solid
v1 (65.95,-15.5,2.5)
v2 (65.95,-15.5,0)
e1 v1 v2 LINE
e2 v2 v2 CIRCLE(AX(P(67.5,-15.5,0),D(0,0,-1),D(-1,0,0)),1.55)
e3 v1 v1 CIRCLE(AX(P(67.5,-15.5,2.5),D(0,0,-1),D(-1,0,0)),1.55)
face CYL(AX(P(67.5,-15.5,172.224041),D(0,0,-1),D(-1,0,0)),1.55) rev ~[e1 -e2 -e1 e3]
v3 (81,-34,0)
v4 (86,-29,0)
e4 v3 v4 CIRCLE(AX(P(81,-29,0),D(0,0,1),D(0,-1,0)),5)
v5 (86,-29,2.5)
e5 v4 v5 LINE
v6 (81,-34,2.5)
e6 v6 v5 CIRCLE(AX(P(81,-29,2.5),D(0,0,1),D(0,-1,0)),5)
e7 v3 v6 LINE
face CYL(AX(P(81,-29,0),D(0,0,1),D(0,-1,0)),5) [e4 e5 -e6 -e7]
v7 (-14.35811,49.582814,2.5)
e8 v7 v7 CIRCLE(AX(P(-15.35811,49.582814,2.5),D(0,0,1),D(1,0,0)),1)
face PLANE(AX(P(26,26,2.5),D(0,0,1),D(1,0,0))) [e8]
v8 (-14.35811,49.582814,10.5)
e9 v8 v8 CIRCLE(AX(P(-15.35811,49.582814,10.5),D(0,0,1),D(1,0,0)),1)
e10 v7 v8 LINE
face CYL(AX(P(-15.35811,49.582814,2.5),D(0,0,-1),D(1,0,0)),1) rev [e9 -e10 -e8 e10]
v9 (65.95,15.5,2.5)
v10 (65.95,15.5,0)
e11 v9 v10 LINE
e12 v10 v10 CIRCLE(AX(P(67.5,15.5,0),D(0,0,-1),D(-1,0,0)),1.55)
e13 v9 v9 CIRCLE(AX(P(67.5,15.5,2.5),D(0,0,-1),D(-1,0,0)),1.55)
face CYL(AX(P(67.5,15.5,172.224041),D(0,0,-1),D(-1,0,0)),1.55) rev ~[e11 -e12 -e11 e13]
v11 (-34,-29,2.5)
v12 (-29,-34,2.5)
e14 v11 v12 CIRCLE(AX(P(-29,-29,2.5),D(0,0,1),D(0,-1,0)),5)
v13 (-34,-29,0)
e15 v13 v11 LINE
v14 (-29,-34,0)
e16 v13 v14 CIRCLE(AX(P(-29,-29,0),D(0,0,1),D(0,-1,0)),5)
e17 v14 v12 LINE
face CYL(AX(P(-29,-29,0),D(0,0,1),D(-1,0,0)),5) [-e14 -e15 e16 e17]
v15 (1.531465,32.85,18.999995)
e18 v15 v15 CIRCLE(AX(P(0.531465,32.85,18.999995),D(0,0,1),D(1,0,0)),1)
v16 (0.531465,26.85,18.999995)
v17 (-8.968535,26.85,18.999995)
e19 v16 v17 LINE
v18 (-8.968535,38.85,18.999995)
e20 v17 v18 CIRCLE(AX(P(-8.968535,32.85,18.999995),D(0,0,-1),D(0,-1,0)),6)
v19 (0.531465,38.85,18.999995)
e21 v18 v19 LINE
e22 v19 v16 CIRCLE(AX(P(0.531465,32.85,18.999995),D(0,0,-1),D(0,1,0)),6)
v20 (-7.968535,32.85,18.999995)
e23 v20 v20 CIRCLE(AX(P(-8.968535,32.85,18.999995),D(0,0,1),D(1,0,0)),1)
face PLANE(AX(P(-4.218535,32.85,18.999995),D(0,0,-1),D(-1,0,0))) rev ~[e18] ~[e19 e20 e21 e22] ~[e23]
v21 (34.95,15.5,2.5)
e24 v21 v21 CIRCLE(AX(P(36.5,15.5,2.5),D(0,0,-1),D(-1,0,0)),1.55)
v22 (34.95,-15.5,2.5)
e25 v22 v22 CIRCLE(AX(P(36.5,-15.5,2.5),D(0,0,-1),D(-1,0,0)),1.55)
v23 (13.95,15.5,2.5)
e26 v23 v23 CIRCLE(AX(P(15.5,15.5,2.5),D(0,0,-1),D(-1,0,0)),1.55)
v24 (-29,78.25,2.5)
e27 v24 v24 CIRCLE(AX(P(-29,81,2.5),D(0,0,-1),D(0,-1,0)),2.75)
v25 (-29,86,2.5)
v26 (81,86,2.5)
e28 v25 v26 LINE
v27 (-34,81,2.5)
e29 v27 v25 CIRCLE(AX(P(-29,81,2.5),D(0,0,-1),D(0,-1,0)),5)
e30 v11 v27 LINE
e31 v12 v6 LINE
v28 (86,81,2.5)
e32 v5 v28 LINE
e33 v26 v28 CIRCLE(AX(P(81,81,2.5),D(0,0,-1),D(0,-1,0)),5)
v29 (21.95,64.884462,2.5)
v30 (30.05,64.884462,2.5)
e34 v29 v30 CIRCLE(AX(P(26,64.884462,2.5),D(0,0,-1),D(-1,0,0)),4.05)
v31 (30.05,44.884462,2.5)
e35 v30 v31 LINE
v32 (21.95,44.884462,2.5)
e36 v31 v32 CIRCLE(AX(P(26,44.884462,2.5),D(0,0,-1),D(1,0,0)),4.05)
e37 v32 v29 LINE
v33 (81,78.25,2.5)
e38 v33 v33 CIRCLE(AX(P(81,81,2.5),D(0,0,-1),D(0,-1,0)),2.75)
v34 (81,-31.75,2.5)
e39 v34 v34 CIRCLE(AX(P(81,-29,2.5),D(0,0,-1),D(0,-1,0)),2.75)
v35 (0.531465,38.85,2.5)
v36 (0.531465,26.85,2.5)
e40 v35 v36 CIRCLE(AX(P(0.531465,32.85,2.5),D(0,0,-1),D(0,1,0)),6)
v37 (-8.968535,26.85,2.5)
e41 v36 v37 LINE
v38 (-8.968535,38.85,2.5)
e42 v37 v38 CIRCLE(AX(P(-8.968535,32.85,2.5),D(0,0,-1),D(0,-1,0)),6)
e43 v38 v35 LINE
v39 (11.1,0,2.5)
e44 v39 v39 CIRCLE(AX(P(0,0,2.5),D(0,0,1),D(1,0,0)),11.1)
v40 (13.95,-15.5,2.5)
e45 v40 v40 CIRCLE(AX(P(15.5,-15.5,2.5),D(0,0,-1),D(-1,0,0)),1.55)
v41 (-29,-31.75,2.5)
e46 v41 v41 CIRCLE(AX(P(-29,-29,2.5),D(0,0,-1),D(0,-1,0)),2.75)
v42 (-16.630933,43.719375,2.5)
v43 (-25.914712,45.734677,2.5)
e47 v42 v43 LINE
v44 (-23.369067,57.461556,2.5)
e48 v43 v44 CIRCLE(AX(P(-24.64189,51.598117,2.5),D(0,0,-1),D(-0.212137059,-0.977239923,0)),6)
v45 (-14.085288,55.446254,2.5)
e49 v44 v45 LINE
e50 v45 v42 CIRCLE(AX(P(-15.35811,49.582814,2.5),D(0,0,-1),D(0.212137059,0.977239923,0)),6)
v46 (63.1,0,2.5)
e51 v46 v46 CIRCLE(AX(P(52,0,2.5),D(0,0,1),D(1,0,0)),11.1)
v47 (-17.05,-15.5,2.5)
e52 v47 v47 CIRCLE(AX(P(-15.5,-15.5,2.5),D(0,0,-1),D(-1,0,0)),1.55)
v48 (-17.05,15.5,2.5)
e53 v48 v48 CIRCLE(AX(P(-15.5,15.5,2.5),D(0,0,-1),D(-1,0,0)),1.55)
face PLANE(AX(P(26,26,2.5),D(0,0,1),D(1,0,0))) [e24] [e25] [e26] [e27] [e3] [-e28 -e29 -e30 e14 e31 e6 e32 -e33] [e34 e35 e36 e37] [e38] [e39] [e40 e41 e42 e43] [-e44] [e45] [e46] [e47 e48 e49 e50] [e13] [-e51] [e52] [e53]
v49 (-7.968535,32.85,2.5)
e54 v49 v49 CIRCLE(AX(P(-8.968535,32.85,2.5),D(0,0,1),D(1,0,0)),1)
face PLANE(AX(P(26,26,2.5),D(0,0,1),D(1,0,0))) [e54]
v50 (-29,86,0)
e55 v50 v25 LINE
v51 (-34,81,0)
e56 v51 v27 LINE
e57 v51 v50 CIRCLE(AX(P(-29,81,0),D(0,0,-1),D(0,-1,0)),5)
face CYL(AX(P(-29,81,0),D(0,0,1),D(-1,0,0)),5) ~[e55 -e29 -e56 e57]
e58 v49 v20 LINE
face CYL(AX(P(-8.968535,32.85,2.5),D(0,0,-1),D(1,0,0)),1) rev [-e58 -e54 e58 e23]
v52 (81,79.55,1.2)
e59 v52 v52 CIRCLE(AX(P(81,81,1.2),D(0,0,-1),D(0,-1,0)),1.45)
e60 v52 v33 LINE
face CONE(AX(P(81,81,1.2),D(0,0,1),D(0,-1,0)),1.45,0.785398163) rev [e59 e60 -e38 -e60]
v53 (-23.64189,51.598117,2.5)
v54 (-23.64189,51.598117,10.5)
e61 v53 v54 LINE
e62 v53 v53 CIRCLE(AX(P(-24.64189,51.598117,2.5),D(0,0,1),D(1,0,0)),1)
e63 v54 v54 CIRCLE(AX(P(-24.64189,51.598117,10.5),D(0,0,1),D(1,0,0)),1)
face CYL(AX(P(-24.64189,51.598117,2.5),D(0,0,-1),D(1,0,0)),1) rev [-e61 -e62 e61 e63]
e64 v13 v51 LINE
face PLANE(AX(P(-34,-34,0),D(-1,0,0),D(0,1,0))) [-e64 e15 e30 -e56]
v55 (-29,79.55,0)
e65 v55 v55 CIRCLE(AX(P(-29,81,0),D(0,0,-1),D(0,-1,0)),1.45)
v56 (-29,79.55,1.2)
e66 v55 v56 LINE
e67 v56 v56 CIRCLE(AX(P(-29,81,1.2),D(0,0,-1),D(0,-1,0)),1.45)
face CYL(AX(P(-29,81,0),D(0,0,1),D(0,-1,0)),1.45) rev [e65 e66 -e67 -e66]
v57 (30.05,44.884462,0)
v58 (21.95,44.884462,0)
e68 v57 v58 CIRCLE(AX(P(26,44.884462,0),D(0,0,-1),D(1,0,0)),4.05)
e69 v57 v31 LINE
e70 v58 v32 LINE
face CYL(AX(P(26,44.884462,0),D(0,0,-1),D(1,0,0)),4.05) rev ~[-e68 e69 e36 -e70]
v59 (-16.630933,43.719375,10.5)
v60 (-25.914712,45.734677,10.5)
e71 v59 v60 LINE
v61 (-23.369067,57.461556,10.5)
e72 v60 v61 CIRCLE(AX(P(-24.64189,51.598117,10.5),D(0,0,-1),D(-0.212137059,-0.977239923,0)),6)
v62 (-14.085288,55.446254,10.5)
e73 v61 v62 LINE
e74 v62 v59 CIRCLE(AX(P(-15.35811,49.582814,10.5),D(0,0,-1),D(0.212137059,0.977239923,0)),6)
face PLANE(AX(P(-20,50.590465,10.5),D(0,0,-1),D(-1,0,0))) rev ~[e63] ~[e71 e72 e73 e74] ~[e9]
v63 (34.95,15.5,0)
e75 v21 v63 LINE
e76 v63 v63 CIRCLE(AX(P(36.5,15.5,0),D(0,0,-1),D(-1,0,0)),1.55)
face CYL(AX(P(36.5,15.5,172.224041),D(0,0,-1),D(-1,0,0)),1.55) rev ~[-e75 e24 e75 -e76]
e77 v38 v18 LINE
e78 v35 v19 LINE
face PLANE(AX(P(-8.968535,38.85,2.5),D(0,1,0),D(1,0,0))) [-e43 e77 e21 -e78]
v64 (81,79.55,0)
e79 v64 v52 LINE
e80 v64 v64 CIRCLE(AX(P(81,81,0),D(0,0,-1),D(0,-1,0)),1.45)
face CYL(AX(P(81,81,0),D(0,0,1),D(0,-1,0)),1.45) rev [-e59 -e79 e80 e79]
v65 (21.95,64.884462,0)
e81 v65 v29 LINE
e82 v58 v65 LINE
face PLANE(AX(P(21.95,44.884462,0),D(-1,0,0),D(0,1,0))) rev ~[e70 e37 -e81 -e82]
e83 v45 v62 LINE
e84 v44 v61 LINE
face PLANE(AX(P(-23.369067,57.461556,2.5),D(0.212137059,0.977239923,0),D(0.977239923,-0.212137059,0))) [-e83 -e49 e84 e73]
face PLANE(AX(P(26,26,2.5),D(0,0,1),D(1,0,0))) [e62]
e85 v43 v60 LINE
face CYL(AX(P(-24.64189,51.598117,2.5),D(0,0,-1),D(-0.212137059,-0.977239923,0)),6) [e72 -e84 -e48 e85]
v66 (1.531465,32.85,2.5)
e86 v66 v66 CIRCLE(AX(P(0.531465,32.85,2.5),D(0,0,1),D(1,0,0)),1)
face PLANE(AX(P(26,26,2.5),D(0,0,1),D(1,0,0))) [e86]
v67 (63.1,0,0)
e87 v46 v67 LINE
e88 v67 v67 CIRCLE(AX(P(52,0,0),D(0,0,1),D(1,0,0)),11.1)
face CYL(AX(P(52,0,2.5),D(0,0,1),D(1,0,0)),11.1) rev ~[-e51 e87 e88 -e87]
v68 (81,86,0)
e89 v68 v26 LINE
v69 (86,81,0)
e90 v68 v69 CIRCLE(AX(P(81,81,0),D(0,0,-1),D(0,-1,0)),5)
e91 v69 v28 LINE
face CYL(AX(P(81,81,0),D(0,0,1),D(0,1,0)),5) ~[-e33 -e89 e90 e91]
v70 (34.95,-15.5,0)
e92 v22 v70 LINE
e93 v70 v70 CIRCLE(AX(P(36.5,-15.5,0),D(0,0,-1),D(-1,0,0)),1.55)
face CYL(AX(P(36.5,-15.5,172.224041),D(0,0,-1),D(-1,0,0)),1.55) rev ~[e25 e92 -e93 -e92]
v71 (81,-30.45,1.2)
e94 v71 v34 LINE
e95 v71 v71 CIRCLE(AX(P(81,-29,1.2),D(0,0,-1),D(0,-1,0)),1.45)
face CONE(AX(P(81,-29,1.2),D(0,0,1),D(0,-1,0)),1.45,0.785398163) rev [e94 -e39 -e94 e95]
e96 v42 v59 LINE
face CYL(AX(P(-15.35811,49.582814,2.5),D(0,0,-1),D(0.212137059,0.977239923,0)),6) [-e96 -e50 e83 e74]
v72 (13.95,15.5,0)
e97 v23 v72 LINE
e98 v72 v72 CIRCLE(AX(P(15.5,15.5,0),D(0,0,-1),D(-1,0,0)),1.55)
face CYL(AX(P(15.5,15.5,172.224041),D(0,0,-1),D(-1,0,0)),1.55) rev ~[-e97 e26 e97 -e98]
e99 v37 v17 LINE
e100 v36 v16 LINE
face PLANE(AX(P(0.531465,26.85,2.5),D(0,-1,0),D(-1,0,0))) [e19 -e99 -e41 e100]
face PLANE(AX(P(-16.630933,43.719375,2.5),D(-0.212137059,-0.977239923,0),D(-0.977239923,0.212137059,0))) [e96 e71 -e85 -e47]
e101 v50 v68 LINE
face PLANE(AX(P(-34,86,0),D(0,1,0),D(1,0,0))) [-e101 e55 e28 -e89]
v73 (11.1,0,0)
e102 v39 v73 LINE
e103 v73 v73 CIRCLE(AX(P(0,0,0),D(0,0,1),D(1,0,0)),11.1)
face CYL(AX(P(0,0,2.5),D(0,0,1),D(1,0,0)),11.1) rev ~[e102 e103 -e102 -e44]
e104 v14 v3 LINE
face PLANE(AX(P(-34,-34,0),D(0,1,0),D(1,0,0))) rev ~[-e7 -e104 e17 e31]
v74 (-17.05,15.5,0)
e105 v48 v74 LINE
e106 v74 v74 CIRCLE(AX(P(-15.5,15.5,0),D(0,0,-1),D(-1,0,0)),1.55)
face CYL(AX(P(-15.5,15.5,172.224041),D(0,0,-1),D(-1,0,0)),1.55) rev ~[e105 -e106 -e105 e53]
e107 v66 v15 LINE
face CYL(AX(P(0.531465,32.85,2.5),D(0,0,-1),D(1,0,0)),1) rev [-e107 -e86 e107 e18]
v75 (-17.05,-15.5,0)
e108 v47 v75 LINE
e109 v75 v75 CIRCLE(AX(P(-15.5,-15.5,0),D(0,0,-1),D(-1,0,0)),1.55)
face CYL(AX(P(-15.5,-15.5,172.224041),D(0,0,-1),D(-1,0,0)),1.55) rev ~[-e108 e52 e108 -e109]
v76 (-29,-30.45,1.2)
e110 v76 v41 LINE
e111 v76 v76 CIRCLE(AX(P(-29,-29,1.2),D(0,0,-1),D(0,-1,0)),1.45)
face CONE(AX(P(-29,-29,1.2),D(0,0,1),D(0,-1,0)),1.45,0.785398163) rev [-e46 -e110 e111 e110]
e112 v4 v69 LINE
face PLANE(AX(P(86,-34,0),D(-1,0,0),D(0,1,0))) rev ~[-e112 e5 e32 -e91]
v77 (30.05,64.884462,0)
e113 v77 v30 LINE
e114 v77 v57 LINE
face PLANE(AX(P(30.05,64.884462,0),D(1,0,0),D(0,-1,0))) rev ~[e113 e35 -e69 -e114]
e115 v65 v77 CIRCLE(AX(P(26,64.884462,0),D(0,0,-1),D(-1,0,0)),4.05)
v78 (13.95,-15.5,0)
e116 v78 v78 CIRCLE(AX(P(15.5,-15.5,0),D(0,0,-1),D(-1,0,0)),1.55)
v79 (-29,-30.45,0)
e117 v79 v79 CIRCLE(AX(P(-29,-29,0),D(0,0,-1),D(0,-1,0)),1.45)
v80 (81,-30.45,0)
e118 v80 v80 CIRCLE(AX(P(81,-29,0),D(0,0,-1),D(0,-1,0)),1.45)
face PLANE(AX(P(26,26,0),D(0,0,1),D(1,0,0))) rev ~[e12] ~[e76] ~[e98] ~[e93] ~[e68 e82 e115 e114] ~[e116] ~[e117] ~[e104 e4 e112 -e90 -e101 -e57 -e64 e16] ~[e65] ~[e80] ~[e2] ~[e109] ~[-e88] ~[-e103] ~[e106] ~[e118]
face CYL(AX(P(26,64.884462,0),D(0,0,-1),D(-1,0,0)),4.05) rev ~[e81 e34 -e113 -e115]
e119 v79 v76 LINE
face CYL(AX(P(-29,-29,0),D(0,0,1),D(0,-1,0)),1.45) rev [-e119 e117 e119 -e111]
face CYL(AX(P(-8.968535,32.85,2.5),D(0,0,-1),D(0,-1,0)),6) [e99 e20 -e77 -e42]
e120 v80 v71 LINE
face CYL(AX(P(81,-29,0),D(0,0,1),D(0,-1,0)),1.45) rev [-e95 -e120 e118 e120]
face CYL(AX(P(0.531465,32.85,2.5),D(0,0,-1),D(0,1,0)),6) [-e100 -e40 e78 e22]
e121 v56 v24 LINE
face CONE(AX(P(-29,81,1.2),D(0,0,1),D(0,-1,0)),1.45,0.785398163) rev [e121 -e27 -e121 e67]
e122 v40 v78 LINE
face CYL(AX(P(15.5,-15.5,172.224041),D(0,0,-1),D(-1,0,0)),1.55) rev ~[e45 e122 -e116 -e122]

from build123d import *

# Parameters (mm, degrees)
SKETCH4_W                                      = 120
SKETCH4_H                                      = 120
BOSS_EXTRUDE2_DEPTH                            = 2.5
FILLET1_R                                      = 5
F_3_1_3_1_DIAMETER_HOLE1_D                     = 3.1
SKETCH8_R                                      = 11.1
CUT_EXTRUDE1_DEPTH                             = 10
SKETCH10_R                                     = 1
BOSS_EXTRUDE3_DEPTH                            = 16.499995
SKETCH11_R                                     = 1
BOSS_EXTRUDE4_DEPTH                            = 8
CSK_FOR_M2_5_FLAT_HEAD_MACHINE_SCREW2_AT_COUNT = 2
CSK_FOR_M2_5_FLAT_HEAD_MACHINE_SCREW2_AT_PITCH = 110
CSK_FOR_M2_5_FLAT_HEAD_MACHINE_SCREW_2_COUNT   = 2
CSK_FOR_M2_5_FLAT_HEAD_MACHINE_SCREW_2_PITCH   = 155.563491861
CSK_FOR_M2_5_FLAT_HEAD_MACHINE_SCREW_3_COUNT   = 2
CSK_FOR_M2_5_FLAT_HEAD_MACHINE_SCREW_3_PITCH   = 110


with BuildPart() as part:
    # Sketch4 → Boss-Extrude2 (new body)
    with BuildSketch(Plane.XY):
        with Locations((26, 26)):
            Rectangle(SKETCH4_W, SKETCH4_H)
        with BuildLine():
            Line((30.05, 64.884462408), (30.05, 44.884462408))
            ThreePointArc((30.05, 44.884462408), (26, 40.834462408), (21.95, 44.884462408))
            Line((21.95, 44.884462408), (21.95, 64.884462408))
            ThreePointArc((21.95, 64.884462408), (26, 68.934462408), (30.05, 64.884462408))
        make_face(mode=Mode.SUBTRACT)
    extrude(amount=BOSS_EXTRUDE2_DEPTH)

    # Fillet1
    fillet1_edges = [part.edges().sort_by_distance(p)[0] for p in [
        (-34, -34, 1.25),
        (-34, 86, 1.25),
        (86, 86, 1.25),
        (86, -34, 1.25),
    ]]
    fillet(fillet1_edges, radius=FILLET1_R)

    # Ø3.1 (3.1) Diameter Hole1 (through all)
    with Locations(Plane.XY.offset(2.5)):
        with Locations((-15.5, -15.5), (-15.5, 15.5), (15.5, 15.5), (15.5, -15.5), (36.5, -15.5), (36.5, 15.5), (67.5, -15.5), (67.5, 15.5)):
            Hole(F_3_1_3_1_DIAMETER_HOLE1_D / 2)

    # Sketch8 → Cut-Extrude1 (cut)
    with BuildSketch(Plane.XY.offset(2.5)):
        Circle(SKETCH8_R)
        with Locations((52, 0)):
            Circle(SKETCH8_R)
    extrude(amount=-CUT_EXTRUDE1_DEPTH, mode=Mode.SUBTRACT)

    # Sketch10 → Boss-Extrude3 (add)
    with BuildSketch(Plane.XY.offset(2.5)):
        with BuildLine():
            Line((-8.968535214, 38.85), (0.531464786, 38.85))
            ThreePointArc((0.531464786, 38.85), (6.531464786, 32.85), (0.531464786, 26.85))
            Line((0.531464786, 26.85), (-8.968535214, 26.85))
            ThreePointArc((-8.968535214, 26.85), (-14.968535214, 32.85), (-8.968535214, 38.85))
        make_face()
        with Locations((0.531464786, 32.85)):
            Circle(SKETCH10_R, mode=Mode.SUBTRACT)
        with Locations((-8.968535214, 32.85)):
            Circle(SKETCH10_R, mode=Mode.SUBTRACT)
    extrude(amount=BOSS_EXTRUDE3_DEPTH)

    # Sketch11 → Boss-Extrude4 (add)
    with BuildSketch(Plane.XY.offset(2.5)):
        with BuildLine():
            Line((-23.36906728, 57.461556068), (-14.085288007, 55.446254003))
            ThreePointArc((-14.085288007, 55.446254003), (-9.494670823, 48.309992105), (-16.63093272, 43.719374921))
            Line((-16.63093272, 43.719374921), (-25.914711993, 45.734676986))
            ThreePointArc((-25.914711993, 45.734676986), (-30.505329177, 52.870938884), (-23.36906728, 57.461556068))
        make_face()
        with Locations((-15.358110364, 49.582814462)):
            Circle(SKETCH11_R, mode=Mode.SUBTRACT)
        with Locations((-24.641889636, 51.598116527)):
            Circle(SKETCH11_R, mode=Mode.SUBTRACT)
    extrude(amount=BOSS_EXTRUDE4_DEPTH)

    # Sketch14 → CSK for M2.5 Flat Head Machine Screw2 (revolve, cut)
    with BuildSketch(Plane(origin=(81, 81, 2.5), x_dir=(0, -1, 0), z_dir=(1, 0, 0))):
        Polygon((0, 0), (0, 2.5), (1.45, 2.5), (1.45, 1.3), (2.75, 0), align=None)
    csk_for_m2_5_flat_head_machine_screw2 = revolve(axis=Axis((81, 81, 8.85), (0, 0, -1)), mode=Mode.SUBTRACT)

    # CSK for M2.5 Flat Head Machine Screw2 at: CSK for M2.5 Flat Head Machine Screw2 ×2
    with Locations(*[(0, -i * CSK_FOR_M2_5_FLAT_HEAD_MACHINE_SCREW2_AT_PITCH, 0) for i in range(1, CSK_FOR_M2_5_FLAT_HEAD_MACHINE_SCREW2_AT_COUNT)]):
        add(csk_for_m2_5_flat_head_machine_screw2, mode=Mode.SUBTRACT)

    # CSK for M2.5 Flat Head Machine Screw 2: CSK for M2.5 Flat Head Machine Screw2 ×2
    with Locations(*[Vector(-0.707106781, -0.707106781, 0) * (i * CSK_FOR_M2_5_FLAT_HEAD_MACHINE_SCREW_2_PITCH) for i in range(1, CSK_FOR_M2_5_FLAT_HEAD_MACHINE_SCREW_2_COUNT)]):
        add(csk_for_m2_5_flat_head_machine_screw2, mode=Mode.SUBTRACT)

    # CSK for M2.5 Flat Head Machine Screw 3: CSK for M2.5 Flat Head Machine Screw2 ×2
    with Locations(*[(-i * CSK_FOR_M2_5_FLAT_HEAD_MACHINE_SCREW_3_PITCH, 0, 0) for i in range(1, CSK_FOR_M2_5_FLAT_HEAD_MACHINE_SCREW_3_COUNT)]):
        add(csk_for_m2_5_flat_head_machine_screw2, mode=Mode.SUBTRACT)


solid = part.part
